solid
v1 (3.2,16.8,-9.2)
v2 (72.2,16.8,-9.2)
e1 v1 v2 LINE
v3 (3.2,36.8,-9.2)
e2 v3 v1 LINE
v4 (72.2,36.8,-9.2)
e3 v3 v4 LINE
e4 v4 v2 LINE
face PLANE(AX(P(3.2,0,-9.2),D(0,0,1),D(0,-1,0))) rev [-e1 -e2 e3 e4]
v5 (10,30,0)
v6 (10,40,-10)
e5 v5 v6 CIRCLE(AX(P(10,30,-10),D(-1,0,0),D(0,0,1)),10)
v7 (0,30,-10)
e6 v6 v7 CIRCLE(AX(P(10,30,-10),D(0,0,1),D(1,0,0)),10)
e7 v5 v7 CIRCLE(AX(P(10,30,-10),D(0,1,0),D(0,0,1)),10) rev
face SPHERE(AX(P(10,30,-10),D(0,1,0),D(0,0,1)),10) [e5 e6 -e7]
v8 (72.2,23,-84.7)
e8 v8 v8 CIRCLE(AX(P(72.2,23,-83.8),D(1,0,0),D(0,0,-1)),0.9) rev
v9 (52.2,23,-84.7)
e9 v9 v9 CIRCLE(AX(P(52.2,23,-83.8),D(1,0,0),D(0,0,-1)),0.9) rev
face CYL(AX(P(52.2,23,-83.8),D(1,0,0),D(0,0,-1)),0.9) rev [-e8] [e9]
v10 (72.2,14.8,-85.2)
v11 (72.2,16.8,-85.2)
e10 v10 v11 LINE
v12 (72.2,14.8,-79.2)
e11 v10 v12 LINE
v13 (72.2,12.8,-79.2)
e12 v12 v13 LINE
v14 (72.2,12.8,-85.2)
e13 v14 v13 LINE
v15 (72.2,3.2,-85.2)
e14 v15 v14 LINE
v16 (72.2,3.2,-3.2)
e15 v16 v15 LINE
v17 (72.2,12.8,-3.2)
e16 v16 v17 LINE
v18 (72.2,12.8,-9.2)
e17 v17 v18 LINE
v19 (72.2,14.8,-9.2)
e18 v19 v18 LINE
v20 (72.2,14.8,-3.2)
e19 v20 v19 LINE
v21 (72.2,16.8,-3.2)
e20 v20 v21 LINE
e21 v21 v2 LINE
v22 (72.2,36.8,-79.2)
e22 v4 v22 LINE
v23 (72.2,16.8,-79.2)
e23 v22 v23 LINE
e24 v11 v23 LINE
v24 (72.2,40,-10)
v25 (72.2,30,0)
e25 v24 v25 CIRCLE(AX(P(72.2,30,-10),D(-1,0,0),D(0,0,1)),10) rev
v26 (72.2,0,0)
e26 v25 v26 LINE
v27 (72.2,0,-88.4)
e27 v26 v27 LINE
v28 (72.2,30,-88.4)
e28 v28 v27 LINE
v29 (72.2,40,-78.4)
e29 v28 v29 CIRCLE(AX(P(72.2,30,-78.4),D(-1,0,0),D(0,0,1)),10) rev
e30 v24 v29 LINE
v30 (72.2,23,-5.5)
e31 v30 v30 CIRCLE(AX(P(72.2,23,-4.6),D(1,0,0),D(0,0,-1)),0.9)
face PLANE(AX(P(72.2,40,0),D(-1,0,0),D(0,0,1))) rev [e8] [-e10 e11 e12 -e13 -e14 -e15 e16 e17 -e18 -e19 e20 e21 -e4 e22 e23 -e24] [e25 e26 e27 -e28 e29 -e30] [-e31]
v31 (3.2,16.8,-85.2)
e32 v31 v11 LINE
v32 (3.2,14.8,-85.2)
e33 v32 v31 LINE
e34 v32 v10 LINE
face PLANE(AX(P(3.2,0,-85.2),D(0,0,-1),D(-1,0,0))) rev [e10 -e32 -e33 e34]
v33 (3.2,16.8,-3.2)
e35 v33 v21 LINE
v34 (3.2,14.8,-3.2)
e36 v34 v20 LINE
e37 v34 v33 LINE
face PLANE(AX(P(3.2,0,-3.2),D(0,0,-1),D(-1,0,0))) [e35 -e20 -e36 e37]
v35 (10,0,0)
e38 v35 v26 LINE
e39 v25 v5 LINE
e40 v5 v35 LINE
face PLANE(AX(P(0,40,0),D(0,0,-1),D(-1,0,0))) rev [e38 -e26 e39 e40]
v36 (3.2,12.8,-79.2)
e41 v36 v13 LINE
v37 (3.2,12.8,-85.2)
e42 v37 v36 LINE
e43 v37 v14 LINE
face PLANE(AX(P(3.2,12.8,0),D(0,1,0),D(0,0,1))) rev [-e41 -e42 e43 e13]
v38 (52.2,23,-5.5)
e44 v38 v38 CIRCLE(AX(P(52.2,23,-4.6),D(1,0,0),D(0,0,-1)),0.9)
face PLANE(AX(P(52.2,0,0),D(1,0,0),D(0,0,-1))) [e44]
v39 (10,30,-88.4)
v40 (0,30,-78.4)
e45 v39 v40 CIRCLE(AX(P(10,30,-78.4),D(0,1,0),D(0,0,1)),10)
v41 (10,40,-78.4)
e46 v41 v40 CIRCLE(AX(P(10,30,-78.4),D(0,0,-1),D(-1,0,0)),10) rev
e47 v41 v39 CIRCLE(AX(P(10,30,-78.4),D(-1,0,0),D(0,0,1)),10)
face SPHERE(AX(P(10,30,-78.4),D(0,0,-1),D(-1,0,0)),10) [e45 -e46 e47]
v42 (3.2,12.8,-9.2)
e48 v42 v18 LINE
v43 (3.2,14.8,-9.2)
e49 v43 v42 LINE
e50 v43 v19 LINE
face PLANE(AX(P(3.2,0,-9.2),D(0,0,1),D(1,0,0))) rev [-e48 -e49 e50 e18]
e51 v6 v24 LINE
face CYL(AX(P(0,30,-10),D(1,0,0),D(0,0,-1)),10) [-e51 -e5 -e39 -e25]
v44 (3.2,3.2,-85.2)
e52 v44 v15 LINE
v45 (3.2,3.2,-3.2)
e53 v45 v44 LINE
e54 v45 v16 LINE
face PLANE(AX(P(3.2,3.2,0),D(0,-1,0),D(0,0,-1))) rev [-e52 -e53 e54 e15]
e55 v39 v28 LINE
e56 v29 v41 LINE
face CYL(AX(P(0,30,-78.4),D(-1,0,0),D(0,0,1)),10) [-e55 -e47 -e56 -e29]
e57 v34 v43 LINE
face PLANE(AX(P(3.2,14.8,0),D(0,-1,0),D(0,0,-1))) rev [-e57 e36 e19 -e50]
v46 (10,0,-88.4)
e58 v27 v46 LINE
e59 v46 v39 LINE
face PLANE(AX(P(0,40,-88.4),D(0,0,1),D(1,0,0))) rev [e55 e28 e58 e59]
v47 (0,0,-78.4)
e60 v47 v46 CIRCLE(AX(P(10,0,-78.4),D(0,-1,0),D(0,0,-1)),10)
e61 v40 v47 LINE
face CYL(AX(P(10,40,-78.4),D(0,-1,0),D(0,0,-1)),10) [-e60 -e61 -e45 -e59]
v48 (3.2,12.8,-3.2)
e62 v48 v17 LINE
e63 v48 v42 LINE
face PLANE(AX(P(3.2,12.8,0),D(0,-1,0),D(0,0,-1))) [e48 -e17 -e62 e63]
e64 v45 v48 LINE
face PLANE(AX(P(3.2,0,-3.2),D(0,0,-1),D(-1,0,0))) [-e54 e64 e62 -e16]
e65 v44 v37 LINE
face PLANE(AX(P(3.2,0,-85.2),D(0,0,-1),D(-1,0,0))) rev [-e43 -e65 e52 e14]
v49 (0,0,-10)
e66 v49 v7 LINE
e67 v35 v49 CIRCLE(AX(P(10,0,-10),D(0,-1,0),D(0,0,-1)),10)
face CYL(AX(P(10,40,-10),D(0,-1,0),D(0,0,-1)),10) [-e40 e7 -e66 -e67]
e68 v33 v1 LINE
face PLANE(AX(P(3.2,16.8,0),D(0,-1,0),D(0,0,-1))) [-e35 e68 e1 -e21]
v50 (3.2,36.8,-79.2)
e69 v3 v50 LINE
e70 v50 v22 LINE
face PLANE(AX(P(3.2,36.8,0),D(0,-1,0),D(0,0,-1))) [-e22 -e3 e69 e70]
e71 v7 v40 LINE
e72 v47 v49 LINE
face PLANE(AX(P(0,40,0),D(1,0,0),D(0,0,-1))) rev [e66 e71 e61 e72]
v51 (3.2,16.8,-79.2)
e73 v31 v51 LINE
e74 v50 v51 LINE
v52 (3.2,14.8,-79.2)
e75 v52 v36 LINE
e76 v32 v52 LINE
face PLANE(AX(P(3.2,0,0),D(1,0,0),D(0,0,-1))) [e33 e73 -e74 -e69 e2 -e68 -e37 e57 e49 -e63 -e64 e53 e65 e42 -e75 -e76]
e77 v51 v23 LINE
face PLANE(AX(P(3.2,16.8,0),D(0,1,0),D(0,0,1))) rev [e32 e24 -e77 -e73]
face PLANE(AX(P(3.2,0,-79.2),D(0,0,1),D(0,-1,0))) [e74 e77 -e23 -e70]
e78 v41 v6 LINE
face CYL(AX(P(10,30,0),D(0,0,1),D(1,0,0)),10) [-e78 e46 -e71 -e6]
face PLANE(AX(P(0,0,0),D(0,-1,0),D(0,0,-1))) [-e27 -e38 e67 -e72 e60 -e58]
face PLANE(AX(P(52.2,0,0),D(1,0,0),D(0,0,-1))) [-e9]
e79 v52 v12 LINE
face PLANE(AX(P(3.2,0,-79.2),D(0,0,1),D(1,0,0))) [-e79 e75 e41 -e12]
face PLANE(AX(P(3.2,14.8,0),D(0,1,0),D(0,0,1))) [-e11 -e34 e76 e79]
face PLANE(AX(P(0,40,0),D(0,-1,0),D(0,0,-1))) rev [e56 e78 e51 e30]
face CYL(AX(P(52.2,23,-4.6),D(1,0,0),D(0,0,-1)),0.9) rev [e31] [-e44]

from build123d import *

# Parameters (mm, degrees)
SKETCH1_W           = 72.2
SKETCH1_H           = 88.4
BOSS_EXTRUDE1_DEPTH = 40
CUT_EXTRUDE4_DEPTH  = 69
FILLET1_R           = 10
SKETCH3_R           = 0.9
CUT_EXTRUDE5_DEPTH  = 20


with BuildPart() as part:
    # Sketch1 → Boss-Extrude1 (new body)
    with BuildSketch(Plane(origin=(0, 0, 0), x_dir=(1, 0, 0), z_dir=(0, 1, 0))):
        with Locations((36.1, 44.2)):
            Rectangle(SKETCH1_W, SKETCH1_H)
    extrude(amount=BOSS_EXTRUDE1_DEPTH)

    # Sketch2 → Cut-Extrude4 (cut)
    with BuildSketch(Plane(origin=(72.2, 0, 0), x_dir=(0, 0, -1), z_dir=(1, 0, 0))):
        Polygon((3.2, 12.8), (3.2, 3.2), (85.2, 3.2), (85.2, 12.8), (79.2, 12.8), (79.2, 14.8), (85.2, 14.8), (85.2, 16.8), (79.2, 16.8), (79.2, 36.8), (44.2, 36.8), (9.2, 36.8), (9.2, 16.8), (3.2, 16.8), (3.2, 14.8), (9.2, 14.8), (9.2, 12.8), align=None)
    extrude(amount=-CUT_EXTRUDE4_DEPTH, mode=Mode.SUBTRACT)

    # Fillet1
    fillet1_edges = [part.edges().sort_by_distance(p)[0] for p in [
        (36.1, 40, -88.4),
        (0, 40, -44.2),
        (0, 20, -88.4),
        (0, 20, 0),
        (36.1, 40, 0),
    ]]
    fillet(fillet1_edges, radius=FILLET1_R)

    # Sketch3 → Cut-Extrude5 (cut)
    with BuildSketch(Plane(origin=(72.2, 0, 0), x_dir=(0, 0, -1), z_dir=(1, 0, 0))):
        with Locations((4.6, 23)):
            Circle(SKETCH3_R)
        with Locations((83.8, 23)):
            Circle(SKETCH3_R)
    extrude(amount=-CUT_EXTRUDE5_DEPTH, mode=Mode.SUBTRACT)


solid = part.part
